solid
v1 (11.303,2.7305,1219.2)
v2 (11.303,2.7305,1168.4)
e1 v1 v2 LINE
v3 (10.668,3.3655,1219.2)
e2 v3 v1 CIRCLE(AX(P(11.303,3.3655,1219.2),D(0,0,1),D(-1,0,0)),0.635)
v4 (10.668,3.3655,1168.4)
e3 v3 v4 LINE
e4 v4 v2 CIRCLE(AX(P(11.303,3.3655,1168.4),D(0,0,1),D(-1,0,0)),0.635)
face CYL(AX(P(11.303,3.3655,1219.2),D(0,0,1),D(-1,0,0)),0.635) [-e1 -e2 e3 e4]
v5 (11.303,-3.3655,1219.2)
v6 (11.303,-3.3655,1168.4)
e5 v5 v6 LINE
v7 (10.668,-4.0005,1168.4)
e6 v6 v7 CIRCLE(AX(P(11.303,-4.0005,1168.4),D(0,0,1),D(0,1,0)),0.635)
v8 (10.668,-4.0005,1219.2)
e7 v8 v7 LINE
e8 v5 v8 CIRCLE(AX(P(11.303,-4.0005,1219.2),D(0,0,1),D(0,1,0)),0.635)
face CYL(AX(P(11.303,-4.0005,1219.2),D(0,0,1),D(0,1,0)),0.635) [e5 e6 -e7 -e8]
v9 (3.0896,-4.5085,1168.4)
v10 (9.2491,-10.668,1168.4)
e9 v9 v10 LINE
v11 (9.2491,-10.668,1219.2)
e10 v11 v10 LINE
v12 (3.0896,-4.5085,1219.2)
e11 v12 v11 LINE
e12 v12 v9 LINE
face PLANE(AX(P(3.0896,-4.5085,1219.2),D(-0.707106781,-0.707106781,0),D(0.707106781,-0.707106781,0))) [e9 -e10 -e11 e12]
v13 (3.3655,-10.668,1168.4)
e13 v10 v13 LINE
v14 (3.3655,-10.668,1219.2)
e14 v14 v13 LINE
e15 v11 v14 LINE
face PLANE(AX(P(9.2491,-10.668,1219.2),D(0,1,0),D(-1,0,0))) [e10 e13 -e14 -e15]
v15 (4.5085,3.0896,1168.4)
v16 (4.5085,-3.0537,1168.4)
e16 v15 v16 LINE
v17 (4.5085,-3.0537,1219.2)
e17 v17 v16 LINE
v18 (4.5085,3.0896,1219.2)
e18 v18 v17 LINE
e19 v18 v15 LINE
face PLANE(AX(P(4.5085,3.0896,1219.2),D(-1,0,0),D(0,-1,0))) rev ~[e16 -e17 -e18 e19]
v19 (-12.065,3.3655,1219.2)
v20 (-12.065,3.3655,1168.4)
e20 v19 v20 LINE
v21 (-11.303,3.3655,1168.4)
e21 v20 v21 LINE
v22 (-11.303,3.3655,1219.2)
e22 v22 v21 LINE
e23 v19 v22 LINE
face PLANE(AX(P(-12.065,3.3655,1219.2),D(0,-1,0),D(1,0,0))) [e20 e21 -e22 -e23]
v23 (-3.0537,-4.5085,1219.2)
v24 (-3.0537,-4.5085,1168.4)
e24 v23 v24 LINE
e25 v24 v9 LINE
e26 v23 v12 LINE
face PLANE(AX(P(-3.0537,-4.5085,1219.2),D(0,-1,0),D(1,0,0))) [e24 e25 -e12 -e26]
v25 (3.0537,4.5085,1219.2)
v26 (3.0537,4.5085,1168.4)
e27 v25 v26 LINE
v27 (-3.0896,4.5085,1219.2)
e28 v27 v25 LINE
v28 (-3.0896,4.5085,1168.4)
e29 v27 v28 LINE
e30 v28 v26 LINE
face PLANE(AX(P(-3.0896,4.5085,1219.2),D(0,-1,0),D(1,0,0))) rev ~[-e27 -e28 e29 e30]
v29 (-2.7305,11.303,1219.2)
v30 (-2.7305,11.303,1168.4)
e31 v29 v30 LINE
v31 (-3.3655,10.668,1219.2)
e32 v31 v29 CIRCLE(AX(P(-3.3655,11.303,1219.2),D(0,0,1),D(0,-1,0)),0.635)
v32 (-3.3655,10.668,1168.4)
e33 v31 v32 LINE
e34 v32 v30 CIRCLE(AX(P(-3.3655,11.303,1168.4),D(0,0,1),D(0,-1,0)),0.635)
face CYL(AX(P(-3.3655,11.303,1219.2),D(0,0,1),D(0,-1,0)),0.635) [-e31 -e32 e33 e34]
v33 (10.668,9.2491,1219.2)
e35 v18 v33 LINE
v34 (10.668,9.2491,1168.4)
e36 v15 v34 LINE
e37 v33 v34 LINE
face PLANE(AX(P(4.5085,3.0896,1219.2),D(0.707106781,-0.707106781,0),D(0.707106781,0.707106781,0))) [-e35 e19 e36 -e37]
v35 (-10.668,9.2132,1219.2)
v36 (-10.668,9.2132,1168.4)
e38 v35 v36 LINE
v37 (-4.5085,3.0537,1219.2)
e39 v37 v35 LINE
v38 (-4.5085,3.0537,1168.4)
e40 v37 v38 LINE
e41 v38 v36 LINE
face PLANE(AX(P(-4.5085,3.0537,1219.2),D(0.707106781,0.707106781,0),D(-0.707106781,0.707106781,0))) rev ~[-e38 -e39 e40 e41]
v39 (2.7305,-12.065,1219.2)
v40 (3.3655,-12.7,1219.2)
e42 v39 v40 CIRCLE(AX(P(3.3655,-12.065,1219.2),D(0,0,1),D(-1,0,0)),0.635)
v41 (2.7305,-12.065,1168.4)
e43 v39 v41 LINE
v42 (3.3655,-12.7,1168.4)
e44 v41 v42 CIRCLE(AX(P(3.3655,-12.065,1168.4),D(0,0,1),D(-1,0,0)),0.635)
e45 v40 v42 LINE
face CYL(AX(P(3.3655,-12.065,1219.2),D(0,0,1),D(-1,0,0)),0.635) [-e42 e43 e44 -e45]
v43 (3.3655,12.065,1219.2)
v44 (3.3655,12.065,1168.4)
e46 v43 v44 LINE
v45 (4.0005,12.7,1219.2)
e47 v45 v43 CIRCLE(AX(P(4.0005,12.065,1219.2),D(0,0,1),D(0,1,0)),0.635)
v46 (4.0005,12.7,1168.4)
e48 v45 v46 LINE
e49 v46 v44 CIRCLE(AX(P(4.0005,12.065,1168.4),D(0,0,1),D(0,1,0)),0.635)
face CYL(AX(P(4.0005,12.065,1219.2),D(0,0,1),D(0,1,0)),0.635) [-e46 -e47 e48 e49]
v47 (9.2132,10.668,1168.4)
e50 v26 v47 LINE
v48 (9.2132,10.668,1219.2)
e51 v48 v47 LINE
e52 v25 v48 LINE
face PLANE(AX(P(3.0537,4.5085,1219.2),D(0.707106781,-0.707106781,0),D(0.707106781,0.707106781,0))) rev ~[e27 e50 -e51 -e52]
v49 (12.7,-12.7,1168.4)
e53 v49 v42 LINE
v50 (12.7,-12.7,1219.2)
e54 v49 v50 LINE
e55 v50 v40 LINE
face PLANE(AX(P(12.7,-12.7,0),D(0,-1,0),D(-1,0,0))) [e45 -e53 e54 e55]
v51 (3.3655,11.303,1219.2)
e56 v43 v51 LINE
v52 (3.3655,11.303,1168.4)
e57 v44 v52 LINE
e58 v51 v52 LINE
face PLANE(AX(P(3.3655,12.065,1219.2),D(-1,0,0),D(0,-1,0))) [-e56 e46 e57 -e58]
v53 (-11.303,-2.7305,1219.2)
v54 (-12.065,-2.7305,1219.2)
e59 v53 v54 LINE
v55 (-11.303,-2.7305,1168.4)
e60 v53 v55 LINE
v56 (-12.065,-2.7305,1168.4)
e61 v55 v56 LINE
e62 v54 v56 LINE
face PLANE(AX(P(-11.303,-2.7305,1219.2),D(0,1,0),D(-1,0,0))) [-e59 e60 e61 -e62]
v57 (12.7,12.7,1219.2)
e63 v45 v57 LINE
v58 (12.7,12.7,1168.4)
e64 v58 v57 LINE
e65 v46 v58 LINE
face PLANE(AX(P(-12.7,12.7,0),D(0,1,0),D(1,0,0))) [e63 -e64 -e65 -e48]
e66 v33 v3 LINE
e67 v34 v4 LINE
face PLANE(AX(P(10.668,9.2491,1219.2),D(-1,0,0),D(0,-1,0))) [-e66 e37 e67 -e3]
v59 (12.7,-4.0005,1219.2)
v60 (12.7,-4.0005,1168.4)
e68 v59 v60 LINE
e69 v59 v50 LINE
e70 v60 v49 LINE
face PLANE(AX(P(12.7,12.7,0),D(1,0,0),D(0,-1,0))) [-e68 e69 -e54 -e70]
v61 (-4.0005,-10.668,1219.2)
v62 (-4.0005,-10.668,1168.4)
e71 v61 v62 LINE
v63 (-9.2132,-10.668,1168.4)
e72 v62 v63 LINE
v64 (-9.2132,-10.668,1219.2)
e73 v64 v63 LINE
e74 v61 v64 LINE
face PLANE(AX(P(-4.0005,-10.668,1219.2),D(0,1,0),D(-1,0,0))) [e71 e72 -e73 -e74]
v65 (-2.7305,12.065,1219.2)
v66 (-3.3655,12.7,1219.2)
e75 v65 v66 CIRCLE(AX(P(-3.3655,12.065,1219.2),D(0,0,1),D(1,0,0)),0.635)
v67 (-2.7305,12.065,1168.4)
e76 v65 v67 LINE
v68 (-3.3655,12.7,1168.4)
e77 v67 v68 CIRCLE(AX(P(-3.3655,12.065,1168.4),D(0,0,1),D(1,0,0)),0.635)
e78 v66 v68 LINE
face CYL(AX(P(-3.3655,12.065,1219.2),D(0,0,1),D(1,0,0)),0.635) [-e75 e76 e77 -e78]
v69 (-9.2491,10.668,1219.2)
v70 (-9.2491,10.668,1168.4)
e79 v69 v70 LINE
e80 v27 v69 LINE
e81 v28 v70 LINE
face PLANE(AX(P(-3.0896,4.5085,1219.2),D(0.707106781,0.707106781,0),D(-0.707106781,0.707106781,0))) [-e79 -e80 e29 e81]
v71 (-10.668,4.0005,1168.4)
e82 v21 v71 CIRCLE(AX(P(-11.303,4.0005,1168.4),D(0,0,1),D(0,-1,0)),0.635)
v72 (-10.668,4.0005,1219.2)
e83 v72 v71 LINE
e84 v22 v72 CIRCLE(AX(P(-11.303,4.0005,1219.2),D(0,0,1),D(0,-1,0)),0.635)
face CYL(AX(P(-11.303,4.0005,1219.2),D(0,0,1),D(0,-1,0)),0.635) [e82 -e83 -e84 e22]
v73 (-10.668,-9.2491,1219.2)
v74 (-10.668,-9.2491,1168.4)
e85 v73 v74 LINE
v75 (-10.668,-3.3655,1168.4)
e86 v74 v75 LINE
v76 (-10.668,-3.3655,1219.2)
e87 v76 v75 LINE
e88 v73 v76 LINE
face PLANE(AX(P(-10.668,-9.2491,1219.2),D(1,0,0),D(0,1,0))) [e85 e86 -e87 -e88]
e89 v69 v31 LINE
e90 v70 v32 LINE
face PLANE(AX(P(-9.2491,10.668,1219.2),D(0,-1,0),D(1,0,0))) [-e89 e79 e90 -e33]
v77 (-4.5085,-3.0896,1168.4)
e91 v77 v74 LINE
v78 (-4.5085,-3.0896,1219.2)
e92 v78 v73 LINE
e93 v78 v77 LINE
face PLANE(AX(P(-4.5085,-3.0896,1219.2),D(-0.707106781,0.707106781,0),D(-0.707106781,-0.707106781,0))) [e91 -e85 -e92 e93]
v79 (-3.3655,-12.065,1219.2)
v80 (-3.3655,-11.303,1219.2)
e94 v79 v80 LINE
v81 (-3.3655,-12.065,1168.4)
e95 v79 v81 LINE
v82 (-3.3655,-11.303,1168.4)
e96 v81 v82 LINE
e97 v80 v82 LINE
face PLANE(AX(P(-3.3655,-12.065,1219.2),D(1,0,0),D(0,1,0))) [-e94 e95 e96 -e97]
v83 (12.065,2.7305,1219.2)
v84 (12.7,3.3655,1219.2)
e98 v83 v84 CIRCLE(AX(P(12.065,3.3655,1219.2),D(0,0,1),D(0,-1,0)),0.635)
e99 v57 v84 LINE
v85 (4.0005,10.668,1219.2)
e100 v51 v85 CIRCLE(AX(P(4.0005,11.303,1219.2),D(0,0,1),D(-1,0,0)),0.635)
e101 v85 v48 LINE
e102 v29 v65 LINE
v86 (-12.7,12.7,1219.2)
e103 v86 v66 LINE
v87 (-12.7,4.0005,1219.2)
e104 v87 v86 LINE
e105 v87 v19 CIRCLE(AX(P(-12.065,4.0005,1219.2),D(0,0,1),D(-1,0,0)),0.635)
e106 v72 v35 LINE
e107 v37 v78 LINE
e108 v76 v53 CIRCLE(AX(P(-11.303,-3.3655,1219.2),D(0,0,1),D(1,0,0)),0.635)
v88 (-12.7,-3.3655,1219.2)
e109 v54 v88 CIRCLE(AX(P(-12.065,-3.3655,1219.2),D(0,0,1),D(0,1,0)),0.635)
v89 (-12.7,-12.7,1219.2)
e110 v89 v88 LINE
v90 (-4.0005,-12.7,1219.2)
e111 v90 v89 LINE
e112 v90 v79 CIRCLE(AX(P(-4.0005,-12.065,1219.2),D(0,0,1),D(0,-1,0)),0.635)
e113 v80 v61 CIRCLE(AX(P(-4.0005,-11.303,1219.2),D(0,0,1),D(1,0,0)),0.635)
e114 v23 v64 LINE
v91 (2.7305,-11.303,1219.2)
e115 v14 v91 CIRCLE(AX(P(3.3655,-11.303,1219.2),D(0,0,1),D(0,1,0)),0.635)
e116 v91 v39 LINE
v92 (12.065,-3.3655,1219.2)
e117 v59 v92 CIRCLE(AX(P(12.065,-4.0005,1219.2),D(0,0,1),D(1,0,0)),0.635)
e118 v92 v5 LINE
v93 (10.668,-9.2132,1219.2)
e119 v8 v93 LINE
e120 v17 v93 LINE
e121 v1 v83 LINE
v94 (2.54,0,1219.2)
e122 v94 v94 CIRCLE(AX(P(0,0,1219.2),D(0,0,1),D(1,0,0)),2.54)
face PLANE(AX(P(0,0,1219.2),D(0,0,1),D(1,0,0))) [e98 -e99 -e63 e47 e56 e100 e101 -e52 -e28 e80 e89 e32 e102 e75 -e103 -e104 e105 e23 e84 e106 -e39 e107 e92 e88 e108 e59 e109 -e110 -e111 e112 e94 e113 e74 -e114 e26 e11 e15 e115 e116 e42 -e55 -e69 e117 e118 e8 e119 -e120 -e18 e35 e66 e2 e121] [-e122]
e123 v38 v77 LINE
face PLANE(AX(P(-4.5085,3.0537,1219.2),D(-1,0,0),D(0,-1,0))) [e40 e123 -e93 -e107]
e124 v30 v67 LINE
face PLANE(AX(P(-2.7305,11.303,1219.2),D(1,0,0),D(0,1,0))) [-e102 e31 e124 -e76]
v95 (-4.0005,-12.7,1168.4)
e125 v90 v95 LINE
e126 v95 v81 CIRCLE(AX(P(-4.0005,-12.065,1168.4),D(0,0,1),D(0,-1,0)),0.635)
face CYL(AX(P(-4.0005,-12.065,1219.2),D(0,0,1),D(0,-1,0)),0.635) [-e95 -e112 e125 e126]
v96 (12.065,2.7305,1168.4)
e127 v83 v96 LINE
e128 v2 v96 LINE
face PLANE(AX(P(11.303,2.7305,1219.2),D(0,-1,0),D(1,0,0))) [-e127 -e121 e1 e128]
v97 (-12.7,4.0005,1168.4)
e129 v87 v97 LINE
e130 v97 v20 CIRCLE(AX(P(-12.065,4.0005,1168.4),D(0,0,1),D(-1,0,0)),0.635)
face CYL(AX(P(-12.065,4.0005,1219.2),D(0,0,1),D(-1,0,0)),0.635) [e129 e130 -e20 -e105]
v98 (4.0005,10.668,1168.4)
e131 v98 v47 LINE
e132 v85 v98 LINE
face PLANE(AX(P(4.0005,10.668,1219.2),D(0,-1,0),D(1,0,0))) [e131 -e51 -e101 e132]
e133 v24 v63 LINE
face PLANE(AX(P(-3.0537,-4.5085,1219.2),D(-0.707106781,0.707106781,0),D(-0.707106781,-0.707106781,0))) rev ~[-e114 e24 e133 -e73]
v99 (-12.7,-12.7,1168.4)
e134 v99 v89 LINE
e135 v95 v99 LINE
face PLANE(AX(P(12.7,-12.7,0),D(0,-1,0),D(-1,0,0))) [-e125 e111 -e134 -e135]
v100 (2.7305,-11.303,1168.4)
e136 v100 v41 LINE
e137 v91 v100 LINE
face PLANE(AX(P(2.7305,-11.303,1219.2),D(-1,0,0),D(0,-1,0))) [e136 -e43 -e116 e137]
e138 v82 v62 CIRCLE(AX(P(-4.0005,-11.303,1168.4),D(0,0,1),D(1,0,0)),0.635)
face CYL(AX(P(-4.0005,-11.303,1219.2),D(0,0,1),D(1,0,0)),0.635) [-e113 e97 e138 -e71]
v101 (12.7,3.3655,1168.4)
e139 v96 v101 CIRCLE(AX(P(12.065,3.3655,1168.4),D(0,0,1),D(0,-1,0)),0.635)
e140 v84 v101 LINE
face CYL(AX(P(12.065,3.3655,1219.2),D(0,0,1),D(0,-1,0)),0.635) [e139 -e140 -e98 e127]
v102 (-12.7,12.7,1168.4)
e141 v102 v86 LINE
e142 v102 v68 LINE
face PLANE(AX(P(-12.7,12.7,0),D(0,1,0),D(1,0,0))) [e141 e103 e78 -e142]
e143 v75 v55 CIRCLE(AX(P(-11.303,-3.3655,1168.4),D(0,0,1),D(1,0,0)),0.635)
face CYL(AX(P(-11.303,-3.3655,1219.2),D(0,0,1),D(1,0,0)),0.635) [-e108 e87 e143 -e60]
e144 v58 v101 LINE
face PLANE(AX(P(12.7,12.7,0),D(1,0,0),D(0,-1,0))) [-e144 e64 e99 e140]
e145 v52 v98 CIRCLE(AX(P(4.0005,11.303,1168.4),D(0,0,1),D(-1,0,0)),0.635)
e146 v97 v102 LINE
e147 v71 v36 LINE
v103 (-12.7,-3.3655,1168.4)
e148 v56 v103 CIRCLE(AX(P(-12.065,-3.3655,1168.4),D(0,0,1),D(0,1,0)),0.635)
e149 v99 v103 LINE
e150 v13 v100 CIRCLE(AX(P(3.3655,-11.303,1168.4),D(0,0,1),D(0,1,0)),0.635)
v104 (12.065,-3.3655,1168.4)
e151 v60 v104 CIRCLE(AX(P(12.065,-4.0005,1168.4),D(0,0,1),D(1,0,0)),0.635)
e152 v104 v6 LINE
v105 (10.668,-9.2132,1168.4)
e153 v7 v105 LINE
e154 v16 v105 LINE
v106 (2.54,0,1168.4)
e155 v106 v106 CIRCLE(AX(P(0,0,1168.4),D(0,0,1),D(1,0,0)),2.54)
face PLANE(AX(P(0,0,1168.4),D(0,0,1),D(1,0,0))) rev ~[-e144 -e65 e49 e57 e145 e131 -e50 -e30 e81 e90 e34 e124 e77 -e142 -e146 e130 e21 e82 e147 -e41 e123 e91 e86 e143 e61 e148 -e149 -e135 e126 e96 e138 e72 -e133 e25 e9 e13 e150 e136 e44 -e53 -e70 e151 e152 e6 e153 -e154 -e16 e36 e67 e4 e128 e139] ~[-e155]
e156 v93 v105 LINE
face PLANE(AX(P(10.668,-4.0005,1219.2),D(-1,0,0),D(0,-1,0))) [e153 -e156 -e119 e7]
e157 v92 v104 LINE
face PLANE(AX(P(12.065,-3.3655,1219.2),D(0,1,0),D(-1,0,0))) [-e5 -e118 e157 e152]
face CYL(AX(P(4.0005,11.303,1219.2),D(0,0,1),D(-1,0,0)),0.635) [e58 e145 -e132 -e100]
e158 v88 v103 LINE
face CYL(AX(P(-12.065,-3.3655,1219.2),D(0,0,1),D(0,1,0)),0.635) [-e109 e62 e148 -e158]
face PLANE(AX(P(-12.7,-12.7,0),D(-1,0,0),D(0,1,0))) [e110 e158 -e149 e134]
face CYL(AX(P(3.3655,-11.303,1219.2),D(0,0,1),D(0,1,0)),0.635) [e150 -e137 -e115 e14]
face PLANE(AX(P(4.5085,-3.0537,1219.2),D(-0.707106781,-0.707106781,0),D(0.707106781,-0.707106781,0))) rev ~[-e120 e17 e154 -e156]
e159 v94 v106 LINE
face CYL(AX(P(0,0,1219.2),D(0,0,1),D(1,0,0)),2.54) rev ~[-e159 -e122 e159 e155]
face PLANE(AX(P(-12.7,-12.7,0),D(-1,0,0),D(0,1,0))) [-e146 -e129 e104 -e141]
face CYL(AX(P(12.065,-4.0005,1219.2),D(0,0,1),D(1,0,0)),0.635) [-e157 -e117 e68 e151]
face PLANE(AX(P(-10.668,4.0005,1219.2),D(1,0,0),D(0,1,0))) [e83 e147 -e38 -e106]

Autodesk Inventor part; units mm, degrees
ref_plane "YZ Plane" through (0, 0, 0) normal (1, 0, 0) x (0, 1, 0)
ref_plane "XZ Plane" through (0, 0, 0) normal (0, 1, 0) x (-1, 0, 0)
ref_plane "XY Plane" through (0, 0, 0) normal (0, 0, 1) x (1, 0, 0)
sketch "Sketch1" plane through (0, 0, 0) normal (0, 0, 1) x (1, 0, 0)
  line L0 (-12.7, 12.7) -> (12.7, 12.7)
  line L1 (12.7, 12.7) -> (12.7, -12.7)
  line L2 (12.7, -12.7) -> (-12.7, -12.7)
  line L3 (-12.7, -12.7) -> (-12.7, 12.7)
  point P0 (0, 0)
  dimension "d0" = 25.4
  dimension "d1" = 25.4
  dimension "d2" = 12.7
  dimension "d3" = 12.7
extrude "Extrusion1" add sketch "Sketch1" along normal blind 1219.2
sketch "Sketch2" plane through (0, 0, 1219.2) normal (0, 0, 1) x (1, 0, 0)
  circle A0 centre (0, 0) radius 2.54
  line L0 (-4.5085, 4.5085) -> (4.5085, 4.5085)
  line L1 (-4.5085, -4.5085) -> (4.5085, -4.5085)
  line L2 (4.5085, 4.5085) -> (4.5085, -4.5085)
  line L3 (-4.5085, 4.5085) -> (-4.5085, -4.5085)
  line L4 (-3.0896, 4.5085) -> (-11.2811, 12.7)
  line L5 (-4.5085, 3.0537) -> (-12.7, 11.2452)
  line L6 (12.7, 12.7) -> (-12.7, 12.7) projected
  line L7 (-12.7, 12.7) -> (-12.7, 4.0005)
  line L8 (-10.668, 4.0005) -> (-10.668, 9.2132)
  line L9 (-9.2491, 10.668) -> (-3.3655, 10.668)
  line L10 (-12.7, 12.7) -> (-3.3655, 12.7)
  line L11 (-2.7305, 11.303) -> (-2.7305, 12.065)
  line L12 (-12.065, 3.3655) -> (-11.303, 3.3655)
  arc A1 (-12.7, 4.0005) -> (-12.065, 3.3655) centre (-12.065, 4.0005) ccw
  arc A2 (-11.303, 3.3655) -> (-10.668, 4.0005) centre (-11.303, 4.0005) ccw
  arc A3 (-3.3655, 10.668) -> (-2.7305, 11.303) centre (-3.3655, 11.303) ccw
  arc A4 (-2.7305, 12.065) -> (-3.3655, 12.7) centre (-3.3655, 12.065) ccw
  arc A5 (-3.3655, -11.303) -> (-4.0005, -10.668) centre (-4.0005, -11.303) ccw
  line L13 (-3.3655, -12.065) -> (-3.3655, -11.303)
  arc A6 (-4.0005, -12.7) -> (-3.3655, -12.065) centre (-4.0005, -12.065) ccw
  line L14 (-3.0537, -4.5085) -> (-11.2452, -12.7)
  line L15 (-10.668, -9.2491) -> (-10.668, -3.3655)
  line L16 (-4.5085, -3.0896) -> (-12.7, -11.2811)
  line L17 (-12.7, -12.7) -> (-12.7, -3.3655)
  arc A7 (-10.668, -3.3655) -> (-11.303, -2.7305) centre (-11.303, -3.3655) ccw
  line L18 (-11.303, -2.7305) -> (-12.065, -2.7305)
  arc A8 (-12.065, -2.7305) -> (-12.7, -3.3655) centre (-12.065, -3.3655) ccw
  line L19 (-4.0005, -10.668) -> (-9.2132, -10.668)
  line L20 (-12.7, -12.7) -> (-4.0005, -12.7)
  arc A9 (11.303, -3.3655) -> (10.668, -4.0005) centre (11.303, -4.0005) ccw
  line L21 (12.065, -3.3655) -> (11.303, -3.3655)
  arc A10 (12.7, -4.0005) -> (12.065, -3.3655) centre (12.065, -4.0005) ccw
  line L22 (4.5085, -3.0537) -> (12.7, -11.2452)
  line L23 (9.2491, -10.668) -> (3.3655, -10.668)
  line L24 (3.0896, -4.5085) -> (11.2811, -12.7)
  line L25 (12.7, -12.7) -> (3.3655, -12.7)
  arc A11 (3.3655, -10.668) -> (2.7305, -11.303) centre (3.3655, -11.303) ccw
  line L26 (2.7305, -11.303) -> (2.7305, -12.065)
  arc A12 (2.7305, -12.065) -> (3.3655, -12.7) centre (3.3655, -12.065) ccw
  line L27 (10.668, -4.0005) -> (10.668, -9.2132)
  line L28 (12.7, -12.7) -> (12.7, -4.0005)
  arc A13 (3.3655, 11.303) -> (4.0005, 10.668) centre (4.0005, 11.303) ccw
  line L29 (3.3655, 12.065) -> (3.3655, 11.303)
  arc A14 (4.0005, 12.7) -> (3.3655, 12.065) centre (4.0005, 12.065) ccw
  line L30 (3.0537, 4.5085) -> (11.2452, 12.7)
  line L31 (10.668, 9.2491) -> (10.668, 3.3655)
  line L32 (4.5085, 3.0896) -> (12.7, 11.2811)
  line L33 (12.7, 12.7) -> (12.7, 3.3655)
  arc A15 (10.668, 3.3655) -> (11.303, 2.7305) centre (11.303, 3.3655) ccw
  line L34 (11.303, 2.7305) -> (12.065, 2.7305)
  arc A16 (12.065, 2.7305) -> (12.7, 3.3655) centre (12.065, 3.3655) ccw
  line L35 (4.0005, 10.668) -> (9.2132, 10.668)
  line L36 (12.7, 12.7) -> (4.0005, 12.7)
  line L37 (-4.5085, 3.0537) -> (-4.5085, 4.5085)
  line L38 (-3.0896, 4.5085) -> (-4.5085, 4.5085)
  line L39 (-12.7, -12.7) -> (-4.0005, -12.7)
  line L40 (-4.0005, -10.668) -> (-9.2132, -10.668)
  line L41 (-10.668, -9.2491) -> (-10.668, -3.3655)
  line L42 (-12.7, -12.7) -> (-12.7, -3.3655)
  line L43 (-11.303, -2.7305) -> (-12.065, -2.7305)
  arc A17 (-10.668, -3.3655) -> (-11.303, -2.7305) centre (-11.303, -3.3655) ccw
  arc A18 (-12.065, -2.7305) -> (-12.7, -3.3655) centre (-12.065, -3.3655) ccw
  line L44 (-4.5085, -3.0896) -> (-4.5085, -4.5085)
  line L45 (-4.5085, -3.0896) -> (-12.7, -11.2811)
  line L46 (-3.0537, -4.5085) -> (-4.5085, -4.5085)
  line L47 (-3.0537, -4.5085) -> (-11.2452, -12.7)
  line L48 (-4.5085, -4.5085) -> (-4.5085, 4.5085)
  circle A19 centre (0, 0) radius 2.54
  line L49 (-4.5085, -4.5085) -> (4.5085, -4.5085)
  line L50 (-3.3655, -12.065) -> (-3.3655, -11.303)
  arc A20 (-4.0005, -12.7) -> (-3.3655, -12.065) centre (-4.0005, -12.065) ccw
  arc A21 (-3.3655, -11.303) -> (-4.0005, -10.668) centre (-4.0005, -11.303) ccw
  line L51 (12.7, -12.7) -> (12.7, -4.0005)
  line L52 (10.668, -4.0005) -> (10.668, -9.2132)
  line L53 (9.2491, -10.668) -> (3.3655, -10.668)
  line L54 (12.7, -12.7) -> (3.3655, -12.7)
  line L55 (2.7305, -11.303) -> (2.7305, -12.065)
  arc A22 (3.3655, -10.668) -> (2.7305, -11.303) centre (3.3655, -11.303) ccw
  arc A23 (2.7305, -12.065) -> (3.3655, -12.7) centre (3.3655, -12.065) ccw
  line L56 (3.0896, -4.5085) -> (4.5085, -4.5085)
  line L57 (3.0896, -4.5085) -> (11.2811, -12.7)
  line L58 (4.5085, -3.0537) -> (4.5085, -4.5085)
  line L59 (4.5085, -3.0537) -> (12.7, -11.2452)
  line L60 (4.5085, -4.5085) -> (-4.5085, -4.5085)
  circle A24 centre (0, 0) radius 2.54
  line L61 (4.5085, -4.5085) -> (4.5085, 4.5085)
  line L62 (12.065, -3.3655) -> (11.303, -3.3655)
  arc A25 (12.7, -4.0005) -> (12.065, -3.3655) centre (12.065, -4.0005) ccw
  arc A26 (11.303, -3.3655) -> (10.668, -4.0005) centre (11.303, -4.0005) ccw
  line L63 (12.7, 12.7) -> (4.0005, 12.7)
  line L64 (4.0005, 10.668) -> (9.2132, 10.668)
  line L65 (10.668, 9.2491) -> (10.668, 3.3655)
  line L66 (12.7, 12.7) -> (12.7, 3.3655)
  line L67 (11.303, 2.7305) -> (12.065, 2.7305)
  arc A27 (10.668, 3.3655) -> (11.303, 2.7305) centre (11.303, 3.3655) ccw
  arc A28 (12.065, 2.7305) -> (12.7, 3.3655) centre (12.065, 3.3655) ccw
  line L68 (4.5085, 3.0896) -> (4.5085, 4.5085)
  line L69 (4.5085, 3.0896) -> (12.7, 11.2811)
  line L70 (3.0537, 4.5085) -> (4.5085, 4.5085)
  line L71 (3.0537, 4.5085) -> (11.2452, 12.7)
  line L72 (4.5085, 4.5085) -> (4.5085, -4.5085)
  circle A29 centre (0, 0) radius 2.54
  line L73 (4.5085, 4.5085) -> (-4.5085, 4.5085)
  line L74 (3.3655, 12.065) -> (3.3655, 11.303)
  arc A30 (4.0005, 12.7) -> (3.3655, 12.065) centre (4.0005, 12.065) ccw
  arc A31 (3.3655, 11.303) -> (4.0005, 10.668) centre (4.0005, 11.303) ccw
  point P0 (-12.7, 3.3655)
  point P1 (-2.7305, 12.7)
  point P2 (-3.3655, -12.7)
  point P3 (-12.7, -2.7305)
  point P4 (12.7, -3.3655)
  point P5 (2.7305, -12.7)
  point P6 (3.3655, 12.7)
  point P7 (12.7, 2.7305)
  point P8 (-3.3655, -12.7)
  point P9 (-12.7, -2.7305)
  point P10 (12.7, -3.3655)
  point P11 (2.7305, -12.7)
  point P12 (3.3655, 12.7)
  point P13 (12.7, 2.7305)
  dimension "d6" = 5.08
  dimension "d7" = 9.017
  dimension "d8" = 4.5085
  dimension "d9" = 4.5085
  dimension "d10" = 4.5085
  dimension "d11" = 2.032
  dimension "d12" = 1.0033
  dimension "d13" = 135
  dimension "d17" = 9.3345
  dimension "d19" = 2.032
  dimension "d20" = 2.032
  dimension "d21" = 0.635
  dimension "d22" = 9.3345
  dimension "d25" = 360
  dimension "d29" = 360
extrude "Extrusion2" cut sketch "Sketch2" against normal blind 50.8 contours L3 L5 L7 L6 L4 L0 | L0 L2 L1 L3 | L30 L6 L33 L32 L2 L0 | L4 L6 A4 L11 A3 L9 | L3 L1 L14 L20 L17 L16 | L8 A2 L12 A1 L7 L5 | L35 A13 L29 A14 L6 L30 | L16 L17 A8 L18 A7 L15 | L22 L28 L25 L24 L1 L2 | L32 L33 A16 L34 A15 L31 | L19 A5 L13 A6 L20 L14 | L27 A9 L21 A10 L28 L22 | L24 L25 A12 L26 A11 L23 keep common part
equation "\"d22\" = d17"
properties part number "48 in 80-20 extrusion"
